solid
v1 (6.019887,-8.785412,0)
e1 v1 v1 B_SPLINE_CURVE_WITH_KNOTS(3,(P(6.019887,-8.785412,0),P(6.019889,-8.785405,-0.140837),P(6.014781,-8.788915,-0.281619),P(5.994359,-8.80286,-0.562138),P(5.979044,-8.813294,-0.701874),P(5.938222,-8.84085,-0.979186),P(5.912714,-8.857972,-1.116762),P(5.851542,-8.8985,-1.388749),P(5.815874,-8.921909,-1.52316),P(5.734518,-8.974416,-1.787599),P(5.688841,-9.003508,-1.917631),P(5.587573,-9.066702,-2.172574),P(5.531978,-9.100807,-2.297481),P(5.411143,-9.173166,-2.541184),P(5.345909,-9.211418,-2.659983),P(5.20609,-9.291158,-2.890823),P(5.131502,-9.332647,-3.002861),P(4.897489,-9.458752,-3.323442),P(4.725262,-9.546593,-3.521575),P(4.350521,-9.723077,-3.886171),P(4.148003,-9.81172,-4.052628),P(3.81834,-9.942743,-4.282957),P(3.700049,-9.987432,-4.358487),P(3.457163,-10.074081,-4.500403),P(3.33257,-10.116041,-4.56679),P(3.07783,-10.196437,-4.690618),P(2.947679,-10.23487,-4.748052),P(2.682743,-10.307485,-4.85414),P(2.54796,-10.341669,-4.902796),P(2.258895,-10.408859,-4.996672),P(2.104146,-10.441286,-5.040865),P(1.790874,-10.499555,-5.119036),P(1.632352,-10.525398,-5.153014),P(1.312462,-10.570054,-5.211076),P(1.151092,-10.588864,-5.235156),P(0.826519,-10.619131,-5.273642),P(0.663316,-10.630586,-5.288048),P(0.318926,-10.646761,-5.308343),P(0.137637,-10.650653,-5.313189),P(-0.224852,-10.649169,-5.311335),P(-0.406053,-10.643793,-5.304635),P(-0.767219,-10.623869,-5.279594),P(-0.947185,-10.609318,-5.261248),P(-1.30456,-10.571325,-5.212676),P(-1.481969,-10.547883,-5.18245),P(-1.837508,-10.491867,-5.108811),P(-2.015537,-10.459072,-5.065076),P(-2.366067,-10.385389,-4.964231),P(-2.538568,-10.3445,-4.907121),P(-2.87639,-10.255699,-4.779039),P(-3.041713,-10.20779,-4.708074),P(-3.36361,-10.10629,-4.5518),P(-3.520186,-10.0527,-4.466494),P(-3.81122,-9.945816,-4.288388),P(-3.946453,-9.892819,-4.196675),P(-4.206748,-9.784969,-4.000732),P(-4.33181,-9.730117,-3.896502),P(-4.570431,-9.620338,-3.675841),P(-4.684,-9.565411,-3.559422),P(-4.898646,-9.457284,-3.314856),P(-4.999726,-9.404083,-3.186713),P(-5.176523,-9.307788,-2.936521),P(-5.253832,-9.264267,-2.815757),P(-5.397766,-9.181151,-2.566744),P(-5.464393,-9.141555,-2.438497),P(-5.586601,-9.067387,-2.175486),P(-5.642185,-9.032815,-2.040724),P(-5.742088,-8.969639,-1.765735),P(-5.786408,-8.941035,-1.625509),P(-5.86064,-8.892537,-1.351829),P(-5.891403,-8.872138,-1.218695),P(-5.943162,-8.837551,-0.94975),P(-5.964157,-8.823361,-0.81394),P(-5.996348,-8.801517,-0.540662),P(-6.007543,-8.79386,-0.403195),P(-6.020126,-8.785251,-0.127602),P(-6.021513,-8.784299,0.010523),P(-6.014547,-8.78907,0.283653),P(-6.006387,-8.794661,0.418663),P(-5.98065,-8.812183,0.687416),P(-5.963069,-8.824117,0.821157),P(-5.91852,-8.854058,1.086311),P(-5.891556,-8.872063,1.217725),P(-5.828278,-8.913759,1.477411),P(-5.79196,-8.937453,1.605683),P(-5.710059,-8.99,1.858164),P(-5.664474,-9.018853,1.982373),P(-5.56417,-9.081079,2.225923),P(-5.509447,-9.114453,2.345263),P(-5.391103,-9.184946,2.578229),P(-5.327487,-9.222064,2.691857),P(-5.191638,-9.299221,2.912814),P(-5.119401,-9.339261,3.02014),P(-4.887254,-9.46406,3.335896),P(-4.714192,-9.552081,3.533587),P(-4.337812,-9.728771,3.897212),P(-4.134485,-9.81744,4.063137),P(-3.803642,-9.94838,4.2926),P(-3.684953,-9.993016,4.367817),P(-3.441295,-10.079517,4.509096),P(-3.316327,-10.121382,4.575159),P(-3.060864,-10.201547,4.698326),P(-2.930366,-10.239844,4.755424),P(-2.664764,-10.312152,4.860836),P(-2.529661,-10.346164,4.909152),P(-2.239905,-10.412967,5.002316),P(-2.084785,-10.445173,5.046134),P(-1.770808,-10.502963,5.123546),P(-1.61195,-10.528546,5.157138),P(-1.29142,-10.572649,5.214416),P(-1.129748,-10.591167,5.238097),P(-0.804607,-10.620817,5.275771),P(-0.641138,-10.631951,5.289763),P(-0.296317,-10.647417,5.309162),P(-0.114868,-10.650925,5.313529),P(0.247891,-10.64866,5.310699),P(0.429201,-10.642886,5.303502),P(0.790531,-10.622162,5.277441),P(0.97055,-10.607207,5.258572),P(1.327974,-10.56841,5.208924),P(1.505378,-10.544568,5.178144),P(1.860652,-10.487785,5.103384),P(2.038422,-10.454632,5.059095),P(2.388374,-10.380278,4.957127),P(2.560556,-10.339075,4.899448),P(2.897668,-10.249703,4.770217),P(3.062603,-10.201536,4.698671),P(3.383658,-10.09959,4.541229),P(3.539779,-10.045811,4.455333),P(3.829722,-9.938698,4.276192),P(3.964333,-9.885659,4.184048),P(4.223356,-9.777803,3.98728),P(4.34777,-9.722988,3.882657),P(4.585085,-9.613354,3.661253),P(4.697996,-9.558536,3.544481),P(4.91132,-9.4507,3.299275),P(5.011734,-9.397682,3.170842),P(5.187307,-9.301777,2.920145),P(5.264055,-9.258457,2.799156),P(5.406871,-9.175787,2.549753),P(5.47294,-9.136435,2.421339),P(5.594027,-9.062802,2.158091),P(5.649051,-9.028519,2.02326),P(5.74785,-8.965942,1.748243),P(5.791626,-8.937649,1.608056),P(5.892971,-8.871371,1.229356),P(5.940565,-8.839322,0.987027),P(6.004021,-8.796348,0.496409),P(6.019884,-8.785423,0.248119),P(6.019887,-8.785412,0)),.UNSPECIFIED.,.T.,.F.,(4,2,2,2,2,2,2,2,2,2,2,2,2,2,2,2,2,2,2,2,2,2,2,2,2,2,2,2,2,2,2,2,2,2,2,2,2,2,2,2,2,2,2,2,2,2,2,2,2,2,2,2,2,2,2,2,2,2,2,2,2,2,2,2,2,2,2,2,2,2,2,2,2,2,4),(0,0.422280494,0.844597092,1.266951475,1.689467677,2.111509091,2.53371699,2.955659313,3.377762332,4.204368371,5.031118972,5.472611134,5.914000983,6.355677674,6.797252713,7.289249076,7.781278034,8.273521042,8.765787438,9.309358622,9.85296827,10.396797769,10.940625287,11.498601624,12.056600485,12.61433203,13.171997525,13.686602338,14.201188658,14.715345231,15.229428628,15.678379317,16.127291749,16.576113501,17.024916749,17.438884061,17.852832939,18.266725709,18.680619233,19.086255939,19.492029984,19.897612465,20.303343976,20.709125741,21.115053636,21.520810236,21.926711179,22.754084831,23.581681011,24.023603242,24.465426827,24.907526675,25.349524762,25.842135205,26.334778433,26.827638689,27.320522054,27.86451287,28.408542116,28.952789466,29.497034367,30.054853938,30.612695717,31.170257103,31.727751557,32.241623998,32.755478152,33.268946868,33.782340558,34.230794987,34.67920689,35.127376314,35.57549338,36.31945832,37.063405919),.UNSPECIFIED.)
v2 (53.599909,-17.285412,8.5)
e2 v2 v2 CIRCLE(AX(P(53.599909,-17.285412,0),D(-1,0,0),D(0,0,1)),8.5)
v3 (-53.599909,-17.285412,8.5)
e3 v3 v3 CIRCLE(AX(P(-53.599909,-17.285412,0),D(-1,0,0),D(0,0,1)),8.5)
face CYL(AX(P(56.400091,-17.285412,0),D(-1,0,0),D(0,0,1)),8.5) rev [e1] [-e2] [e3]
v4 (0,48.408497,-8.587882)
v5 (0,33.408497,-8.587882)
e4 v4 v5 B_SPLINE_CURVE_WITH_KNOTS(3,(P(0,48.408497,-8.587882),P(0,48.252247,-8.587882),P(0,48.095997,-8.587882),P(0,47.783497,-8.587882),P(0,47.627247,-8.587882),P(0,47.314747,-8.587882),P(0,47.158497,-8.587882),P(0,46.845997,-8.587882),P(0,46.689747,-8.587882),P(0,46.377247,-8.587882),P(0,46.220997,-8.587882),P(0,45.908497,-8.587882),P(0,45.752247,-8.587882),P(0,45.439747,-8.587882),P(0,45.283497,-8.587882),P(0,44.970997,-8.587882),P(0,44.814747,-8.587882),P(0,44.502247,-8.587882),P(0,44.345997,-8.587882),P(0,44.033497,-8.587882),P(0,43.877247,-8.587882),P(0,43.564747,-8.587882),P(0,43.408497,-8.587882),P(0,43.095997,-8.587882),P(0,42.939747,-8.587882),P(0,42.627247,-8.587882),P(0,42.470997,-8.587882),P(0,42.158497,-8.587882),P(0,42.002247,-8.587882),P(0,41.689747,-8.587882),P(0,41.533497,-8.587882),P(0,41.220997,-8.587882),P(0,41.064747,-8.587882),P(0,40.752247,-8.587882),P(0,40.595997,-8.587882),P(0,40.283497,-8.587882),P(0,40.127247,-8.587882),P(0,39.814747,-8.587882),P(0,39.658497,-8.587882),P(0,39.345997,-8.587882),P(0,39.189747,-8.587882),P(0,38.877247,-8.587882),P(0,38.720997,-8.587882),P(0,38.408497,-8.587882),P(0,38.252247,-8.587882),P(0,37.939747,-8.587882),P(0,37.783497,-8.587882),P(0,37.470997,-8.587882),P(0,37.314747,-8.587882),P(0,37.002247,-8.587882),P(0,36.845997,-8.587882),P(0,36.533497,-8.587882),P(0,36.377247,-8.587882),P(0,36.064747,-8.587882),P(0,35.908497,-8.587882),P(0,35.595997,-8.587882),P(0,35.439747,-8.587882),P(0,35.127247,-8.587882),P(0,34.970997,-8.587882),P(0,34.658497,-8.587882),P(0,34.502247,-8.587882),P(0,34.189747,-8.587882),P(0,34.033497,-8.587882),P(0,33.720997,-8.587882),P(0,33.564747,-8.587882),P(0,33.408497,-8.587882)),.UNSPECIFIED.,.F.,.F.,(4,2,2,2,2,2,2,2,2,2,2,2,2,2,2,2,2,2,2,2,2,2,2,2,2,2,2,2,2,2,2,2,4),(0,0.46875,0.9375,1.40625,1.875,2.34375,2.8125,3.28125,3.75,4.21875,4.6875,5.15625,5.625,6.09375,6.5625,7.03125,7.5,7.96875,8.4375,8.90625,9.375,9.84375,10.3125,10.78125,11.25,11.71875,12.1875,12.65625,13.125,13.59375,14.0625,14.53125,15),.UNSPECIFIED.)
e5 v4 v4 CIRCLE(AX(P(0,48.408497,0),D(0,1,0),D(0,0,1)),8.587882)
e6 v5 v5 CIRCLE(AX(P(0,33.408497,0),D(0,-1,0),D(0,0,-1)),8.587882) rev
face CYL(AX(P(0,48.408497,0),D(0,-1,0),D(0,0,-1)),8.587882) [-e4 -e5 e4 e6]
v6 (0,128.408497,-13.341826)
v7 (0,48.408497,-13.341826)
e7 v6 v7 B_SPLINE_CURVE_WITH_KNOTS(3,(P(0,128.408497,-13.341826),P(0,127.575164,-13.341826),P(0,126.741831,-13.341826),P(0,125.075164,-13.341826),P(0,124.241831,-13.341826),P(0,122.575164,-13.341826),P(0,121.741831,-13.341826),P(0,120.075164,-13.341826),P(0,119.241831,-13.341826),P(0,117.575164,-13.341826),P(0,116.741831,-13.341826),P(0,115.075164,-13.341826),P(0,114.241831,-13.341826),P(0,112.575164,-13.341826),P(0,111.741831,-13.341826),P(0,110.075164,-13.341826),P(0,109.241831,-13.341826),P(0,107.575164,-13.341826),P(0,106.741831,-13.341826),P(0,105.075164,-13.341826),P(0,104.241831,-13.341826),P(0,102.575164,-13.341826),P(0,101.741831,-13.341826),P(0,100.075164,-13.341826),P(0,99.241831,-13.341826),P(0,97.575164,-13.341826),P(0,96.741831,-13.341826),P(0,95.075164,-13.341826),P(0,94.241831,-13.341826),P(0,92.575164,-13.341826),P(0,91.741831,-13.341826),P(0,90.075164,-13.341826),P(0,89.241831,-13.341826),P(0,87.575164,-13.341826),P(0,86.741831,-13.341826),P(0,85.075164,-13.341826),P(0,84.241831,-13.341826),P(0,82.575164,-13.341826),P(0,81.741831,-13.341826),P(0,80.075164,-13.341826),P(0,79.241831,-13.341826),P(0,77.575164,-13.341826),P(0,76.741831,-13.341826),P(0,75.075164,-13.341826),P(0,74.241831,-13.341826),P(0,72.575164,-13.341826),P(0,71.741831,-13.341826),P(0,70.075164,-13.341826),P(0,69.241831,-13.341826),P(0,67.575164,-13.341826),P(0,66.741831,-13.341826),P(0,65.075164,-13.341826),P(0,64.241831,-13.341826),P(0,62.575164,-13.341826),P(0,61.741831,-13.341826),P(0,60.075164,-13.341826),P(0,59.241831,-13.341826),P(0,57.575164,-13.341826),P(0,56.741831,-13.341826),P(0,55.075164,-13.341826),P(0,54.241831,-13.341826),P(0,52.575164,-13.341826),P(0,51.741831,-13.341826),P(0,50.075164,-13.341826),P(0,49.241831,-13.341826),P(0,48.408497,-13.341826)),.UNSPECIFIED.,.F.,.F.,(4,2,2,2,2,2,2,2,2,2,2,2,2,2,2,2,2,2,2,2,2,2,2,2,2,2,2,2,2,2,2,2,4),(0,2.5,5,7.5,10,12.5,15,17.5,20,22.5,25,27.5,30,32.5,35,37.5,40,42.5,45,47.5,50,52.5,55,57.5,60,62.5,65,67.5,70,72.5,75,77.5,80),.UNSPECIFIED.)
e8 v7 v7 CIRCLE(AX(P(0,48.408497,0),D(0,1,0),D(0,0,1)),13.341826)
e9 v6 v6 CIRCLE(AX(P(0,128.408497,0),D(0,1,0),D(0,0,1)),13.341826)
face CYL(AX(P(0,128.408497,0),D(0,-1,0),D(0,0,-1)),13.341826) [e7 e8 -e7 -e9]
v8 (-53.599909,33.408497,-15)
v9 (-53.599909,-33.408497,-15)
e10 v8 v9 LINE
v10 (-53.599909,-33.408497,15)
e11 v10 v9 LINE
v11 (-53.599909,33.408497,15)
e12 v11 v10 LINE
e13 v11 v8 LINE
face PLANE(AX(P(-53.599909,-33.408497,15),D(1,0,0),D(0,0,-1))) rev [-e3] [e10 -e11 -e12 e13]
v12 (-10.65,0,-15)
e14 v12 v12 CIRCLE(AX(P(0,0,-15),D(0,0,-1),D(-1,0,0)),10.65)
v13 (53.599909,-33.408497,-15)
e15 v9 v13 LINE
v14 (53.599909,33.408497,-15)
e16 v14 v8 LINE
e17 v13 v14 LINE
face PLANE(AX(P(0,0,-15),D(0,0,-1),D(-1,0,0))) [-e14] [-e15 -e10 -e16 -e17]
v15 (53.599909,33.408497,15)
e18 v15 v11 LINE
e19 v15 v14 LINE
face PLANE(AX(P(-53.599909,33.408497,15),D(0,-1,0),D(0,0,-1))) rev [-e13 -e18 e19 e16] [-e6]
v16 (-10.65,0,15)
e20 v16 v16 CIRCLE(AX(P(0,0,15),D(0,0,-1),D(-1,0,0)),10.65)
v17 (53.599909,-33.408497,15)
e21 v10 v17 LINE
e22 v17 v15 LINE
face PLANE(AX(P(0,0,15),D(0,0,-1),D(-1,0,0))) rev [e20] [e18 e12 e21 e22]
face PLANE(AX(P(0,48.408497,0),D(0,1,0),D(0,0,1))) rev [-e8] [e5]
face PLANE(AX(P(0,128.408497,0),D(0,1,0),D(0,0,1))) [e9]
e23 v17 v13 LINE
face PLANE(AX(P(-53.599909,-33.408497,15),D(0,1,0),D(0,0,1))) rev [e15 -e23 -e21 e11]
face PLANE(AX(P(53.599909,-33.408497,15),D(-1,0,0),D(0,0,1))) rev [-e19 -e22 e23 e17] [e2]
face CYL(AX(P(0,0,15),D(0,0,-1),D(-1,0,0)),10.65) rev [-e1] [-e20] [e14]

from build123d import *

# Parameters (mm, degrees)
SKETCH1_W           = 107.199818646
SKETCH1_H           = 66.816994634
BOSS_EXTRUDE1_DEPTH = 15
SKETCH2_R           = 8.587881919
BOSS_EXTRUDE2_DEPTH = 15
SKETCH3_R           = 13.34182577
BOSS_EXTRUDE3_DEPTH = 80
SKETCH4_R           = 8.5
CUT_EXTRUDE1_DEPTH  = 110
SKETCH5_R           = 10.65
CUT_EXTRUDE2_DEPTH  = 30


with BuildPart() as part:
    # Sketch1 → Boss-Extrude1 (new, symmetric)
    with BuildSketch(Plane.XY):
        Rectangle(SKETCH1_W, SKETCH1_H)
    extrude(amount=BOSS_EXTRUDE1_DEPTH, both=True)

    # Sketch2 → Boss-Extrude2 (add)
    with BuildSketch(Plane(origin=(0, 33.408497317, 0), x_dir=(1, 0, 0), z_dir=(0, 1, 0))):
        with Locations(Location((0, 0, 0), (0, 0, 90))):
            Circle(SKETCH2_R)
    extrude(amount=BOSS_EXTRUDE2_DEPTH)

    # Sketch3 → Boss-Extrude3 (add)
    with BuildSketch(Plane(origin=(0, 48.408497317, 0), x_dir=(1, 0, 0), z_dir=(0, 1, 0))):
        with Locations(Location((0, 0, 0), (0, 0, 270))):
            Circle(SKETCH3_R)
    extrude(amount=BOSS_EXTRUDE3_DEPTH)

    # Sketch4 → Cut-Extrude1 (cut)
    with BuildSketch(Plane.ZY.offset(53.599909323)):
        with Locations((0, -17.285411507)):
            Circle(SKETCH4_R)
    extrude(amount=-CUT_EXTRUDE1_DEPTH, mode=Mode.SUBTRACT)

    # Sketch5 → Cut-Extrude2 (cut)
    with BuildSketch(Plane(origin=(0, 0, -15), x_dir=(-1, 0, 0), z_dir=(0, 0, -1))):
        Circle(SKETCH5_R)
    extrude(amount=-CUT_EXTRUDE2_DEPTH, mode=Mode.SUBTRACT)


solid = part.part
